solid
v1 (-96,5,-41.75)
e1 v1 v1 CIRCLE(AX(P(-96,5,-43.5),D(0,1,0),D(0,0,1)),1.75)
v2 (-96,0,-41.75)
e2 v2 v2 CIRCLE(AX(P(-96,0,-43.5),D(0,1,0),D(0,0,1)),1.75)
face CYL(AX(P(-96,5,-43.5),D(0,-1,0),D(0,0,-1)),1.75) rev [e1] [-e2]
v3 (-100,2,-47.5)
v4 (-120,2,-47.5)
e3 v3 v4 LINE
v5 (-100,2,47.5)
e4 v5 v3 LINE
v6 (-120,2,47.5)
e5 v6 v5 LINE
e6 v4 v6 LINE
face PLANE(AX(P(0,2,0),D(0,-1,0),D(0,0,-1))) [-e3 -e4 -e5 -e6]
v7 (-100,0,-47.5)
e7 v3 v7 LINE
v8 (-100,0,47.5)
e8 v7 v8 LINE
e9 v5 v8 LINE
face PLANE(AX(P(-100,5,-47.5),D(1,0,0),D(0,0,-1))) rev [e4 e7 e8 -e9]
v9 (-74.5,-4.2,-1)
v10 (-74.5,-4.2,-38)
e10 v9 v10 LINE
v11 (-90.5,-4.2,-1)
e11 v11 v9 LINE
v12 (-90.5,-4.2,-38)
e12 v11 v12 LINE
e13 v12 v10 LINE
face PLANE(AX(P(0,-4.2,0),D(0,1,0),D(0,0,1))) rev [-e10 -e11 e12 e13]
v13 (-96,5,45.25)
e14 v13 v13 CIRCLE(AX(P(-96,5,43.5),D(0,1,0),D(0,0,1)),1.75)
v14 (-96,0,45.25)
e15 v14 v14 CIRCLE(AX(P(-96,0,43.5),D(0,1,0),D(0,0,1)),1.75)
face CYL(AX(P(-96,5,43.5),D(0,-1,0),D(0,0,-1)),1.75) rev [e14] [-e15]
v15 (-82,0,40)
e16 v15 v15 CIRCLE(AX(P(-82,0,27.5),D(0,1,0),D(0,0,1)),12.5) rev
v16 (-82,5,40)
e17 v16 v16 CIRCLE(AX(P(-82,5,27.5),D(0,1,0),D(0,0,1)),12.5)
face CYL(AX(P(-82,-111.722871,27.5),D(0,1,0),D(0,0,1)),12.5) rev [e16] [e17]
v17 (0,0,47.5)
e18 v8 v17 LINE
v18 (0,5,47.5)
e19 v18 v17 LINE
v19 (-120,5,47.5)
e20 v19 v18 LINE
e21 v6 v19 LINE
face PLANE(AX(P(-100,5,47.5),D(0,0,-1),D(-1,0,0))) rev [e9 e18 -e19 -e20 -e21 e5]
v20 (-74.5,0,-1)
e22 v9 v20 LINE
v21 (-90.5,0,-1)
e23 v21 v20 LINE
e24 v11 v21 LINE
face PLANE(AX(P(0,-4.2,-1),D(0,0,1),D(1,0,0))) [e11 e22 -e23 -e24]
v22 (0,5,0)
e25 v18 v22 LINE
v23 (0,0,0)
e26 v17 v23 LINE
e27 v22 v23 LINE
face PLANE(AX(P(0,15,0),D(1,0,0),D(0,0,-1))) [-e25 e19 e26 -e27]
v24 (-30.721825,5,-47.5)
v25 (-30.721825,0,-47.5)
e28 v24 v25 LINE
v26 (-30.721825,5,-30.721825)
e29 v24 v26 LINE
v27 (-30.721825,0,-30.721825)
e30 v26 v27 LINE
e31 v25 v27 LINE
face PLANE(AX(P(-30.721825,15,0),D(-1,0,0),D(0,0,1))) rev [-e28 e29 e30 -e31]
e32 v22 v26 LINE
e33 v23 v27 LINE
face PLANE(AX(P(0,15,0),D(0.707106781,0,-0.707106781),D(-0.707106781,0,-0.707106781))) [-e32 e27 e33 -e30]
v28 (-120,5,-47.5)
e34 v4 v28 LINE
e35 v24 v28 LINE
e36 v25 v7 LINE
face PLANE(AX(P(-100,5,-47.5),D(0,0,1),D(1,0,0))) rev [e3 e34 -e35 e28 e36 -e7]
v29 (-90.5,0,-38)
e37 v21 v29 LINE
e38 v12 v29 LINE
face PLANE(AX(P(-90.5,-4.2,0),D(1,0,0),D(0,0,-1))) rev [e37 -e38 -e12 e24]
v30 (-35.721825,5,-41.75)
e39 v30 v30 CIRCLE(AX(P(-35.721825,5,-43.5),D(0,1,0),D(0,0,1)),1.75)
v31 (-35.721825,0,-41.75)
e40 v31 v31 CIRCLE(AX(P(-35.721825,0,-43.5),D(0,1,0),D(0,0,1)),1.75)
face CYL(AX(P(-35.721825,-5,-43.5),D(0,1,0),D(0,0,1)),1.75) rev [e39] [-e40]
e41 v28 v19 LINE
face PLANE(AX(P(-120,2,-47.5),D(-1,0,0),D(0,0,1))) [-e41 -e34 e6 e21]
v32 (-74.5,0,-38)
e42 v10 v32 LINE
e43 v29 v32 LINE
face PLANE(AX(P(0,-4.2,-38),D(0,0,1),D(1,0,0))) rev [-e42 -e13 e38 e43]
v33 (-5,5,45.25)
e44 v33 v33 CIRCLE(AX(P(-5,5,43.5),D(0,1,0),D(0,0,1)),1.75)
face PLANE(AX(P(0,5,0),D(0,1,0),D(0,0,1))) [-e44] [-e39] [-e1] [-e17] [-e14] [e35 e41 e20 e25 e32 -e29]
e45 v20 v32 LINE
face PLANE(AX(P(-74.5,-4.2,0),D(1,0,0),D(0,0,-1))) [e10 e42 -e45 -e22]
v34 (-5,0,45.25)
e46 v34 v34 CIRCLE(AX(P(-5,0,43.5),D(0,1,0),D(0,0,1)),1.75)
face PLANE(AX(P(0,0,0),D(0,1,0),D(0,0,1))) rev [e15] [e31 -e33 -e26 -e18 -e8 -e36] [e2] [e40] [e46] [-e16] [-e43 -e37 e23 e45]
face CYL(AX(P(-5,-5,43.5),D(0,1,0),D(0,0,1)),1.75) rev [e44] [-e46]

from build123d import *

# Parameters (mm, degrees)
SKETCH1_W               = 200
SKETCH1_H               = 95
SKETCH1_R               = 1.75
BOSS_EXTRUDE1_DEPTH     = 5
SKETCH2_R               = 15
SKETCH2_R_2             = 12.5
CUT_EXTRUDE1_DEPTH      = 5
SKETCH4_W               = 16
SKETCH4_H               = 37
BOSS_EXTRUDE2_DEPTH     = 4.2
SKETCH6_W               = 20
SKETCH6_H               = 95
BOSS_EXTRUDE3_DEPTH     = 3
BOSS_EXTRUDE4_START     = 4
BOSS_EXTRUDE4_DEPTH     = 4
SKETCH9_R               = 13
BOSS_EXTRUDE5_DEPTH     = 2
CUT_EXTRUDE2_DEPTH      = 5
SKETCH11_R              = 1.75
CUT_EXTRUDE3_DEPTH      = 10
CUT_EXTRUDE4_DEPTH      = 10
CUT_EXTRUDE4_DEPTH_BACK = 10
SKETCH14_R              = 1.75


with BuildPart() as part:
    # Sketch1 → Boss-Extrude1 (new body)
    with BuildSketch(Plane(origin=(0, 0, 0), x_dir=(1, 0, 0), z_dir=(0, 1, 0))):
        Rectangle(SKETCH1_W, SKETCH1_H)
        with Locations(Location((-96, 43.5, 0), (0, 0, 270))):
            Circle(SKETCH1_R, mode=Mode.SUBTRACT)
        with Locations(Location((-96, -43.5, 0), (0, 0, 270))):
            Circle(SKETCH1_R, mode=Mode.SUBTRACT)
        with Locations(Location((97, 43.5, 0), (0, 0, 270))):
            Circle(SKETCH1_R, mode=Mode.SUBTRACT)
        with Locations(Location((97, -43.5, 0), (0, 0, 270))):
            Circle(SKETCH1_R, mode=Mode.SUBTRACT)
    extrude(amount=BOSS_EXTRUDE1_DEPTH)

    # Sketch2 → Cut-Extrude1 (cut)
    with BuildSketch(Plane(origin=(0, 5, 0), x_dir=(1, 0, 0), z_dir=(0, 1, 0))):
        with Locations((33.5, 0)):
            Circle(SKETCH2_R)
        with BuildLine():
            ThreePointArc((48.5, 0), (39.240251485, -13.858192988), (22.893398282, -10.606601718))
            Line((22.893398282, -10.606601718), (47.393398282, -35.106601718))
            ThreePointArc((47.393398282, -35.106601718), (52.259748515, -10.641807012), (73, -24.5))
            ThreePointArc((73, -24.5), (71.858192988, -30.240251485), (68.606601718, -35.106601718))
            Line((68.606601718, -35.106601718), (93.106601718, -10.606601718))
            ThreePointArc((93.106601718, -10.606601718), (67.5, 0), (93.106601718, 10.606601718))
            Line((93.106601718, 10.606601718), (68.606601718, 35.106601718))
            ThreePointArc((68.606601718, 35.106601718), (71.858192988, 30.240251485), (73, 24.5))
            ThreePointArc((73, 24.5), (52.259748515, 10.641807012), (47.393398282, 35.106601718))
            Line((47.393398282, 35.106601718), (22.893398282, 10.606601718))
            ThreePointArc((22.893398282, 10.606601718), (39.240251485, 13.858192988), (48.5, 0))
        make_face()
        with Locations((58, -24.5)):
            Circle(SKETCH2_R)
        with Locations((82.5, 0)):
            Circle(SKETCH2_R)
        with Locations((58, 24.5)):
            Circle(SKETCH2_R)
        with Locations(Location((-82, -27.5, 0), (0, 0, 270))):
            Circle(SKETCH2_R_2)
    extrude(amount=-CUT_EXTRUDE1_DEPTH, mode=Mode.SUBTRACT)

    # Sketch4 → Boss-Extrude2 (add)
    with BuildSketch(Plane.XZ):
        with Locations((-82.5, -19.5)):
            Rectangle(SKETCH4_W, SKETCH4_H)
    extrude(amount=BOSS_EXTRUDE2_DEPTH)

    # Sketch6 → Boss-Extrude3 (add)
    with BuildSketch(Plane(origin=(0, 5, 0), x_dir=(1, 0, 0), z_dir=(0, 1, 0))):
        with Locations((-110, 0)):
            Rectangle(SKETCH6_W, SKETCH6_H)
        with Locations((110, 0)):
            Rectangle(SKETCH6_W, SKETCH6_H)
    extrude(amount=-BOSS_EXTRUDE3_DEPTH)

    # Sketch8 → Boss-Extrude4 (add)
    with BuildSketch(Plane(origin=(0, 5, 0), x_dir=(1, 0, 0), z_dir=(0, 1, 0)).offset(BOSS_EXTRUDE4_START)):
        with BuildLine():
            Line((70.727922061, -37.227922061), (95.227922061, -12.727922061))
            ThreePointArc((95.227922061, -12.727922061), (100.5, 0), (95.227922061, 12.727922061))
            Line((95.227922061, 12.727922061), (70.727922061, 37.227922061))
            ThreePointArc((70.727922061, 37.227922061), (58, 42.5), (45.272077939, 37.227922061))
            Line((45.272077939, 37.227922061), (20.772077939, 12.727922061))
            ThreePointArc((20.772077939, 12.727922061), (15.5, 0), (20.772077939, -12.727922061))
            Line((20.772077939, -12.727922061), (45.272077939, -37.227922061))
            ThreePointArc((45.272077939, -37.227922061), (58, -42.5), (70.727922061, -37.227922061))
        make_face()
        with BuildLine():
            Line((22.893398282, -10.606601718), (47.393398282, -35.106601718))
            ThreePointArc((47.393398282, -35.106601718), (58, -39.5), (68.606601718, -35.106601718))
            Line((68.606601718, -35.106601718), (93.106601718, -10.606601718))
            ThreePointArc((93.106601718, -10.606601718), (97.5, 0), (93.106601718, 10.606601718))
            Line((93.106601718, 10.606601718), (68.606601718, 35.106601718))
            ThreePointArc((68.606601718, 35.106601718), (58, 39.5), (47.393398282, 35.106601718))
            Line((47.393398282, 35.106601718), (22.893398282, 10.606601718))
            ThreePointArc((22.893398282, 10.606601718), (18.5, 0), (22.893398282, -10.606601718))
        make_face(mode=Mode.SUBTRACT)
    extrude(amount=-BOSS_EXTRUDE4_DEPTH)

    # Sketch9 → Boss-Extrude5 (add)
    with BuildSketch(Plane(origin=(0, 9, 0), x_dir=(1, 0, 0), z_dir=(0, 1, 0))):
        with BuildLine():
            Line((22.893398282, -10.606601718), (47.393398282, -35.106601718))
            ThreePointArc((47.393398282, -35.106601718), (58, -39.5), (68.606601718, -35.106601718))
            Line((68.606601718, -35.106601718), (93.106601718, -10.606601718))
            ThreePointArc((93.106601718, -10.606601718), (97.5, 0), (93.106601718, 10.606601718))
            Line((93.106601718, 10.606601718), (68.606601718, 35.106601718))
            ThreePointArc((68.606601718, 35.106601718), (58, 39.5), (47.393398282, 35.106601718))
            Line((47.393398282, 35.106601718), (22.893398282, 10.606601718))
            ThreePointArc((22.893398282, 10.606601718), (18.5, 0), (22.893398282, -10.606601718))
        make_face()
        with Locations(Location((58, 24.5, 0), (0, 0, 270))):
            Circle(SKETCH9_R, mode=Mode.SUBTRACT)
        with Locations(Location((82.5, 0, 0), (0, 0, 270))):
            Circle(SKETCH9_R, mode=Mode.SUBTRACT)
        with Locations(Location((58, -24.5, 0), (0, 0, 270))):
            Circle(SKETCH9_R, mode=Mode.SUBTRACT)
        with Locations(Location((33.5, 0, 0), (0, 0, 270))):
            Circle(SKETCH9_R, mode=Mode.SUBTRACT)
    extrude(amount=-BOSS_EXTRUDE5_DEPTH)

    # Sketch10 → Cut-Extrude2 (cut)
    with BuildSketch(Plane(origin=(0, 5, 0), x_dir=(1, 0, 0), z_dir=(0, 1, 0))):
        Polygon((0, 38.5), (-7.778174593, 30.721825407), (0, 22.943650814), (7.778174593, 30.721825407), align=None)
    extrude(amount=-CUT_EXTRUDE2_DEPTH, mode=Mode.SUBTRACT)

    # Sketch11 → Cut-Extrude3 (cut)
    with BuildSketch(Plane(origin=(0, 5, 0), x_dir=(1, 0, 0), z_dir=(0, 1, 0))):
        with Locations(Location((-35.721825407, 43.5, 0), (0, 0, 270))):
            Circle(SKETCH11_R)
        with Locations(Location((-25.721825407, 43.5, 0), (0, 0, 270))):
            Circle(SKETCH11_R)
        with Locations(Location((5, -43.5, 0), (0, 0, 270))):
            Circle(SKETCH11_R)
        with Locations(Location((-5, -43.5, 0), (0, 0, 270))):
            Circle(SKETCH11_R)
    extrude(amount=-CUT_EXTRUDE3_DEPTH, mode=Mode.SUBTRACT)

    # Sketch14 → Cut-Extrude4 (cut, two sides: drawn at the far end of the back side and taken through both)
    # profile 1 of 3: a face of its own
    with BuildSketch(Plane(origin=(0, 5, 0), x_dir=(1, 0, 0), z_dir=(0, 1, 0)).offset(-CUT_EXTRUDE4_DEPTH_BACK)):
        Polygon((-30.721825407, 47.5), (-30.721825407, 30.721825407), (0, 0), (0, -47.5), (120, -47.5), (120, 47.5), align=None)
        with Locations((5, -43.5)):
            Circle(SKETCH14_R, mode=Mode.SUBTRACT)
        with Locations((97, -43.5)):
            Circle(SKETCH14_R, mode=Mode.SUBTRACT)
        with BuildLine():
            ThreePointArc((45.272077939, 37.227922061), (58, 42.5), (70.727922061, 37.227922061))
            Line((70.727922061, 37.227922061), (95.227922061, 12.727922061))
            ThreePointArc((95.227922061, 12.727922061), (100.5, 0), (95.227922061, -12.727922061))
            Line((95.227922061, -12.727922061), (70.727922061, -37.227922061))
            ThreePointArc((70.727922061, -37.227922061), (58, -42.5), (45.272077939, -37.227922061))
            Line((45.272077939, -37.227922061), (20.772077939, -12.727922061))
            ThreePointArc((20.772077939, -12.727922061), (15.5, 0), (20.772077939, 12.727922061))
            Line((20.772077939, 12.727922061), (45.272077939, 37.227922061))
        make_face(mode=Mode.SUBTRACT)
        with Locations((-25.721825407, 43.5)):
            Circle(SKETCH14_R, mode=Mode.SUBTRACT)
        Polygon((-7.778174593, 30.721825407), (0, 38.5), (7.778174593, 30.721825407), (0, 22.943650814), align=None, mode=Mode.SUBTRACT)
        with Locations((97, 43.5)):
            Circle(SKETCH14_R, mode=Mode.SUBTRACT)
    # profile 2 of 3: a face of its own
    with BuildSketch(Plane(origin=(0, 5, 0), x_dir=(1, 0, 0), z_dir=(0, 1, 0)).offset(-CUT_EXTRUDE4_DEPTH_BACK)):
        with BuildLine():
            Line((70.727922061, 37.227922061), (95.227922061, 12.727922061))
            ThreePointArc((95.227922061, 12.727922061), (100.5, 0), (95.227922061, -12.727922061))
            Line((95.227922061, -12.727922061), (70.727922061, -37.227922061))
            ThreePointArc((70.727922061, -37.227922061), (58, -42.5), (45.272077939, -37.227922061))
            Line((45.272077939, -37.227922061), (20.772077939, -12.727922061))
            ThreePointArc((20.772077939, -12.727922061), (15.5, 0), (20.772077939, 12.727922061))
            Line((20.772077939, 12.727922061), (45.272077939, 37.227922061))
            ThreePointArc((45.272077939, 37.227922061), (58, 42.5), (70.727922061, 37.227922061))
        make_face()
    # profile 3 of 3: a face of its own
    with BuildSketch(Plane(origin=(0, 5, 0), x_dir=(1, 0, 0), z_dir=(0, 1, 0)).offset(-CUT_EXTRUDE4_DEPTH_BACK)):
        Polygon((0, 38.5), (7.778174593, 30.721825407), (0, 22.943650814), (-7.778174593, 30.721825407), align=None)
    extrude(amount=CUT_EXTRUDE4_DEPTH + CUT_EXTRUDE4_DEPTH_BACK, mode=Mode.SUBTRACT)


solid = part.part
